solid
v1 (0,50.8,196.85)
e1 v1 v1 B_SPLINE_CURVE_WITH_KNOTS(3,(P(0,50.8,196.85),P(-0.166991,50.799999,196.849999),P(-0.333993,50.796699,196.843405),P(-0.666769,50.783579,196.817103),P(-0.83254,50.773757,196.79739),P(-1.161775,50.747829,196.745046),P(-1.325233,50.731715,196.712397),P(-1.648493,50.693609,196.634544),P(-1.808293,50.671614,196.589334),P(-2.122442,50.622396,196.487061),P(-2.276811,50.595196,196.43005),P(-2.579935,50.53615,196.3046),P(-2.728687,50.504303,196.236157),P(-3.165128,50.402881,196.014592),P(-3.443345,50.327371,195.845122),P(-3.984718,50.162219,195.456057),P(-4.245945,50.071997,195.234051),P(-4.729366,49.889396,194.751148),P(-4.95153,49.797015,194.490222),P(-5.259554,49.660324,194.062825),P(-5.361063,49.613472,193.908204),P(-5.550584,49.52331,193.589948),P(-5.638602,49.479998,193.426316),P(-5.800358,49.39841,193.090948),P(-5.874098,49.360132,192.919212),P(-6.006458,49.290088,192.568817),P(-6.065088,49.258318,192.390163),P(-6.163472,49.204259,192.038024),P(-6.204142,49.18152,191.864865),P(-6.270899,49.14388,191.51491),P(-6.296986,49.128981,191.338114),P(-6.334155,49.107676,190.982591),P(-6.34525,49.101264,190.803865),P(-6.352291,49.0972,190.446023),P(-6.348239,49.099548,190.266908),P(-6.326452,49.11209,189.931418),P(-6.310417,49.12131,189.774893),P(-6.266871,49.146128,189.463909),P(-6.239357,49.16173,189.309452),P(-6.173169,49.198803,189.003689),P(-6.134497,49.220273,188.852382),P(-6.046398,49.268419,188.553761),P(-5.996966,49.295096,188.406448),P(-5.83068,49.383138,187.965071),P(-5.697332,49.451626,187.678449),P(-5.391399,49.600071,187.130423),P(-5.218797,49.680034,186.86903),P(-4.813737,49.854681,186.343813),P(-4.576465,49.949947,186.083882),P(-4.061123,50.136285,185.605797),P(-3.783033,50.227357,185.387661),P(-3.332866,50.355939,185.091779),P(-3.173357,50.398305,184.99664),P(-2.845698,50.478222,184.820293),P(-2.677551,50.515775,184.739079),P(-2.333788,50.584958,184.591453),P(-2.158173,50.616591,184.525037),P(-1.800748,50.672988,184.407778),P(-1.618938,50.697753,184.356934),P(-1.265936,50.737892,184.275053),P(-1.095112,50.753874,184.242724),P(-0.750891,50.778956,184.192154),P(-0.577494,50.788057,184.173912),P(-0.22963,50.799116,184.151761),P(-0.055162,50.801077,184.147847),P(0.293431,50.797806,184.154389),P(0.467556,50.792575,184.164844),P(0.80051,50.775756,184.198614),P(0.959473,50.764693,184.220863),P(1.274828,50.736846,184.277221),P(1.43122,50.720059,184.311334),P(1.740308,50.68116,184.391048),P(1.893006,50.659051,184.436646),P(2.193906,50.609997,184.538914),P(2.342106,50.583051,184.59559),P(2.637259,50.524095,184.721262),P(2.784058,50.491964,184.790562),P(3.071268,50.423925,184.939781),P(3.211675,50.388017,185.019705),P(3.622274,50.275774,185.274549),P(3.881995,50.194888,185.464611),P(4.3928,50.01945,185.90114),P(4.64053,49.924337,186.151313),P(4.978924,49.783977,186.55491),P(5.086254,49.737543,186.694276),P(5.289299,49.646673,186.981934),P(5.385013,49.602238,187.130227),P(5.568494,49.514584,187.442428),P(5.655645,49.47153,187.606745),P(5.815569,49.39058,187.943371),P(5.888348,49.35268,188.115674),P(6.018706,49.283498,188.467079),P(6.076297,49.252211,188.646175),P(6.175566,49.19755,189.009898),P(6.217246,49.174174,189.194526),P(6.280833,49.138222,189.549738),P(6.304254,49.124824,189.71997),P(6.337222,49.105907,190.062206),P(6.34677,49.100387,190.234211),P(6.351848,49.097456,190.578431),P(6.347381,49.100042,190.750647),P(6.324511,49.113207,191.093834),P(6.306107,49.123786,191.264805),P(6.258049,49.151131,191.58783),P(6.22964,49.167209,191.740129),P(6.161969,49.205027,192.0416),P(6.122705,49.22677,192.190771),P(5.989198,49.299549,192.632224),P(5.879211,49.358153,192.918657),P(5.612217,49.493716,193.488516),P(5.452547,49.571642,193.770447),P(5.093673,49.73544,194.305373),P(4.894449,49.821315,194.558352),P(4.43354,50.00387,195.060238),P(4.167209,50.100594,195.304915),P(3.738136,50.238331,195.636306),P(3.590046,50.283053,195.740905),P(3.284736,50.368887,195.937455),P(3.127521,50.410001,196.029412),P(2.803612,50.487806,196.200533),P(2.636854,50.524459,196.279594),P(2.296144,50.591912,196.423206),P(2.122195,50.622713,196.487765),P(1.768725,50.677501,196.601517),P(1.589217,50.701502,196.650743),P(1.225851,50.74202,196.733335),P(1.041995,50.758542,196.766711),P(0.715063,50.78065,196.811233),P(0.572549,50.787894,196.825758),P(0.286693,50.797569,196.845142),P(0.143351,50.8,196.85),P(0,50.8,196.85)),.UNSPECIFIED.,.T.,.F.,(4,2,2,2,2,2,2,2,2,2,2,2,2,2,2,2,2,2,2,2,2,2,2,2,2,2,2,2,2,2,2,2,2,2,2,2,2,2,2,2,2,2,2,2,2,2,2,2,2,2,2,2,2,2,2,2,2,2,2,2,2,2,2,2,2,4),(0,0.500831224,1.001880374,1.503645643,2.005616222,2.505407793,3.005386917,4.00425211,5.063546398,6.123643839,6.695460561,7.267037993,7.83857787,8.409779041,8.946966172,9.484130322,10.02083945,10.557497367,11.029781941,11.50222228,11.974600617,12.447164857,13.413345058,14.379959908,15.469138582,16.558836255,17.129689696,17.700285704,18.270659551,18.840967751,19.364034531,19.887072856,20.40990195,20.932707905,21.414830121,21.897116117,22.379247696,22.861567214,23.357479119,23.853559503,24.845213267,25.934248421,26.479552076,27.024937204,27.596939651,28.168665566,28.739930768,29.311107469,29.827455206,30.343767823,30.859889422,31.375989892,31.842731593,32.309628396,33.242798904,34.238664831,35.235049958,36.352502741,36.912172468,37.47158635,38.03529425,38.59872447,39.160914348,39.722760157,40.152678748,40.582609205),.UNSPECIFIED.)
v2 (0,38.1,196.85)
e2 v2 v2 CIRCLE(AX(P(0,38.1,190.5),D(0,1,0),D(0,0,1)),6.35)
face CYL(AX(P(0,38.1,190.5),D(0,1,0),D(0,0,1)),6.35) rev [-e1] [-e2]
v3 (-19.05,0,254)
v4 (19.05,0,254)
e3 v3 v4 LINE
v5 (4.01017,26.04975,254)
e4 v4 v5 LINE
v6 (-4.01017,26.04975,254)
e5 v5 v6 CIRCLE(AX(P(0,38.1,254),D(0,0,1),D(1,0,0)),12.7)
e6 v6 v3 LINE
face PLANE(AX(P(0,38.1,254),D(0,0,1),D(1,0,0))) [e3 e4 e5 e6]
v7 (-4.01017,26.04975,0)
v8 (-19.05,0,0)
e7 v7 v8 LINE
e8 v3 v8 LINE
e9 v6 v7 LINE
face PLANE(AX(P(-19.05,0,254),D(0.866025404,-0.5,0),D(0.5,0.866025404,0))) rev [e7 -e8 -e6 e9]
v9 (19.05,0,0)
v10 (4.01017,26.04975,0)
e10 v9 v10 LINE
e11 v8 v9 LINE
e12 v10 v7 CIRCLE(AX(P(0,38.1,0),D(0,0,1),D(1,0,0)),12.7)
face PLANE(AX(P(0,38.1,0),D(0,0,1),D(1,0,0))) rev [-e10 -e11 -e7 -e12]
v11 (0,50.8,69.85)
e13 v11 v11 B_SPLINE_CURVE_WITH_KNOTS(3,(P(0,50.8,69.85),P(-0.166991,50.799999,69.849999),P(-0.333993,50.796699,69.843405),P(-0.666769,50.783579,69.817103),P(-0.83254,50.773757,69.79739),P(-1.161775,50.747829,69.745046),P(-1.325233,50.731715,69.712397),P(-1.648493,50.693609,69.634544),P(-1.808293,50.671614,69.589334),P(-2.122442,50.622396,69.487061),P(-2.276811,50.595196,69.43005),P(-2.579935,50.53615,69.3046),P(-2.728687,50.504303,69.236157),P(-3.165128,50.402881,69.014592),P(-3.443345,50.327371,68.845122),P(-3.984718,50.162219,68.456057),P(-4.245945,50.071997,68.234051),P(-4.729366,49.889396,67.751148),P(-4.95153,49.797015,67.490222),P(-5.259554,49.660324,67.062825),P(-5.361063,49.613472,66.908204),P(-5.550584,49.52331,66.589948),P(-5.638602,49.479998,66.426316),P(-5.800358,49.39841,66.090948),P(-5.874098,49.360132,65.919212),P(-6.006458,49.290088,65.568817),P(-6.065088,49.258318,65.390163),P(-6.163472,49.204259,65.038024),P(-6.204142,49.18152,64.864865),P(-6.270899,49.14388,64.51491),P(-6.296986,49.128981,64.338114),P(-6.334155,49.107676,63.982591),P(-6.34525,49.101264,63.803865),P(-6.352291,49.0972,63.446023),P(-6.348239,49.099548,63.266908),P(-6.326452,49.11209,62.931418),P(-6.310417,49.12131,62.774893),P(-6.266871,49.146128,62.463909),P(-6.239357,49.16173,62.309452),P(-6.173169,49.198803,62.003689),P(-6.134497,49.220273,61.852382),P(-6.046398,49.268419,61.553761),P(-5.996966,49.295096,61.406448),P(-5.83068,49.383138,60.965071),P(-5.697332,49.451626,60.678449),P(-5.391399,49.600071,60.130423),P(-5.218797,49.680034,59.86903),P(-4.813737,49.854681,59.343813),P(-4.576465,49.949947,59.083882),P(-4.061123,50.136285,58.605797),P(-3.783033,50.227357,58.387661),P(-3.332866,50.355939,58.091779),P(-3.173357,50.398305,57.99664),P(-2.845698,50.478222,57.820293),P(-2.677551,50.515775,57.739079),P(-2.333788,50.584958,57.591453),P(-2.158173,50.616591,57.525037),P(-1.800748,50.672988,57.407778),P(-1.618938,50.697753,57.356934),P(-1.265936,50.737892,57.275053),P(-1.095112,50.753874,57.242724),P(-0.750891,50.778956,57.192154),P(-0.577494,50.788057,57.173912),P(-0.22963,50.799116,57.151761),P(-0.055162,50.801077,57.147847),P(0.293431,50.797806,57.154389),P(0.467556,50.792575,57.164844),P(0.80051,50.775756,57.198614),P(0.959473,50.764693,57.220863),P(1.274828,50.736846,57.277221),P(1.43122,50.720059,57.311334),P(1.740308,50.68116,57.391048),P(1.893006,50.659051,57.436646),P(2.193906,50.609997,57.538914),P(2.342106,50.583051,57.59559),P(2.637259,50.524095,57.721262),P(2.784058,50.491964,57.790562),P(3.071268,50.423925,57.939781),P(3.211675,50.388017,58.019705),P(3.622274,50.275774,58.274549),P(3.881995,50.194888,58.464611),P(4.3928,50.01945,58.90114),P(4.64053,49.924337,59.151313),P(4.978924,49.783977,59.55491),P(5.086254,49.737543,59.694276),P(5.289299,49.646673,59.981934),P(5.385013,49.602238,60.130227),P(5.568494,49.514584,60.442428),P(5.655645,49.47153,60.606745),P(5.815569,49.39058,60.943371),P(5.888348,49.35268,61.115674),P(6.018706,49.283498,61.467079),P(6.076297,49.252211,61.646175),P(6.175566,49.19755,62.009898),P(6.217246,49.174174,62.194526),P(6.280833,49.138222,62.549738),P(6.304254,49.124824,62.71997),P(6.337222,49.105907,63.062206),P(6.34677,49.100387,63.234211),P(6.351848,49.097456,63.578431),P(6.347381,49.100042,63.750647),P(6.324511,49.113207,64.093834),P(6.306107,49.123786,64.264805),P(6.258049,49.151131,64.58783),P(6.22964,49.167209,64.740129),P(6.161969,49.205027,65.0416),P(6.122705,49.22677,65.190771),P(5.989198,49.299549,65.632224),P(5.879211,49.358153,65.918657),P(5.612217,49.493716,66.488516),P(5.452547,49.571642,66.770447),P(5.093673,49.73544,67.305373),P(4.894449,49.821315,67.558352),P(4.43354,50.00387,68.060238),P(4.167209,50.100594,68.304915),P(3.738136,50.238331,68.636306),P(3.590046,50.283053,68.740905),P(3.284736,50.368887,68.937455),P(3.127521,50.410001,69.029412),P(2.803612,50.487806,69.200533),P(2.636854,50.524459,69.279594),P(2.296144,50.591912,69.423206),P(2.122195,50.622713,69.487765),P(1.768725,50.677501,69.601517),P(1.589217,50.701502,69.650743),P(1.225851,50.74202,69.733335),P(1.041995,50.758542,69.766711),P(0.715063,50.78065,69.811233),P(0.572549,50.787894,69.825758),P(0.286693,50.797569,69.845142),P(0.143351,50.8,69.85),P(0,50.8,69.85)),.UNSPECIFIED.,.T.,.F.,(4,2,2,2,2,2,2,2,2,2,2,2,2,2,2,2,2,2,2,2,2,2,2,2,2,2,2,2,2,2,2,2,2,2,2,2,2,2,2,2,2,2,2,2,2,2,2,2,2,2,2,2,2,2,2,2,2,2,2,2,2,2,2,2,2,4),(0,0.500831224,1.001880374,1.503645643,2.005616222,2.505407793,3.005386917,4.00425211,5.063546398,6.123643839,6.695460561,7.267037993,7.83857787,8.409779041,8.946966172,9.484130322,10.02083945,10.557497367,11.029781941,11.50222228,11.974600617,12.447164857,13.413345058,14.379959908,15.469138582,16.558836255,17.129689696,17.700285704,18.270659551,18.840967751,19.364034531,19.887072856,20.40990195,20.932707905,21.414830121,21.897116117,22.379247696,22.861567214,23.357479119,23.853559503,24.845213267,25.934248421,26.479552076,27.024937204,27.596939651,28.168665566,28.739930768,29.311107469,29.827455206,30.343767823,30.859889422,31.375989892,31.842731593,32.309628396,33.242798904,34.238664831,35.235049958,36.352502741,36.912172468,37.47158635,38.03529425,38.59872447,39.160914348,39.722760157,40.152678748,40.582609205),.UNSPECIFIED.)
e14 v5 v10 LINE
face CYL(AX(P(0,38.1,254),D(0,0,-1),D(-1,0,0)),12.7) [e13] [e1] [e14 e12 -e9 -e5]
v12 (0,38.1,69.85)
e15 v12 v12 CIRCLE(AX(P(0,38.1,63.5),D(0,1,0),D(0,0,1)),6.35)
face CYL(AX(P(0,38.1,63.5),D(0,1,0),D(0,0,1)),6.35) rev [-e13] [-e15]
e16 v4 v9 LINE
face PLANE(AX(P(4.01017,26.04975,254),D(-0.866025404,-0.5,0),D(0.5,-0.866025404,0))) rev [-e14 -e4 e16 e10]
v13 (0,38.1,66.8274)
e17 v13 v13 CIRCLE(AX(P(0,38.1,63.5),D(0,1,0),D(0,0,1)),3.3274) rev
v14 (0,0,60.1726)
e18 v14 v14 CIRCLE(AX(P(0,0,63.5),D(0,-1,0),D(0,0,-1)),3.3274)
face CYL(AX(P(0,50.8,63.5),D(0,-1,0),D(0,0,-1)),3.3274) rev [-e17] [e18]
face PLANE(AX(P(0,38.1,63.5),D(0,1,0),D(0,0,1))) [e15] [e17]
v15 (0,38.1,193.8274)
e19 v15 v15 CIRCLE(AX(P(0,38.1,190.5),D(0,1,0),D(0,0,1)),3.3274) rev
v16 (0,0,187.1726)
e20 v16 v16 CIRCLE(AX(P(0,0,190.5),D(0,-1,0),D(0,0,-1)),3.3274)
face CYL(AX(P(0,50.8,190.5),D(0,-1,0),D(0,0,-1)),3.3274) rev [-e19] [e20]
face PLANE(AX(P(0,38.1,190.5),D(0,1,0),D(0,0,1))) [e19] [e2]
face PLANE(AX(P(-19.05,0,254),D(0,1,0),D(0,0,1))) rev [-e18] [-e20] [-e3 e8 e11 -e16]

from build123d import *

# Parameters (mm, degrees)
BOSS_EXTRUDE1_DEPTH = 254
SKETCH2_R           = 3.3274
CUT_EXTRUDE1_DEPTH  = 260.72974897
SKETCH3_R           = 6.35
CUT_EXTRUDE2_DEPTH  = 12.7


with BuildPart() as part:
    # Sketch1 → Boss-Extrude1 (new body)
    with BuildSketch(Plane.XY):
        with BuildLine():
            Line((-19.05, 0), (19.05, 0))
            Line((19.05, 0), (4.010170085, 26.049749551))
            ThreePointArc((4.010170085, 26.049749551), (0, 50.8), (-4.010170085, 26.049749551))
            Line((-4.010170085, 26.049749551), (-19.05, 0))
        make_face()
    extrude(amount=BOSS_EXTRUDE1_DEPTH)

    # Sketch2 → Cut-Extrude1 (cut, through all)
    with BuildSketch(Plane.XZ):
        with Locations(Location((0, 190.5, 0), (0, 0, 270))):
            Circle(SKETCH2_R)
        with Locations(Location((0, 63.5, 0), (0, 0, 270))):
            Circle(SKETCH2_R)
    extrude(amount=-CUT_EXTRUDE1_DEPTH, mode=Mode.SUBTRACT)

    # Sketch3 → Cut-Extrude2 (cut)
    with BuildSketch(Plane(origin=(0, 50.8, 0), x_dir=(1, 0, 0), z_dir=(0, 1, 0))):
        with Locations(Location((0, -63.5, 0), (0, 0, 270))):
            Circle(SKETCH3_R)
        with Locations(Location((0, -190.5, 0), (0, 0, 270))):
            Circle(SKETCH3_R)
    extrude(amount=-CUT_EXTRUDE2_DEPTH, mode=Mode.SUBTRACT)


solid = part.part
